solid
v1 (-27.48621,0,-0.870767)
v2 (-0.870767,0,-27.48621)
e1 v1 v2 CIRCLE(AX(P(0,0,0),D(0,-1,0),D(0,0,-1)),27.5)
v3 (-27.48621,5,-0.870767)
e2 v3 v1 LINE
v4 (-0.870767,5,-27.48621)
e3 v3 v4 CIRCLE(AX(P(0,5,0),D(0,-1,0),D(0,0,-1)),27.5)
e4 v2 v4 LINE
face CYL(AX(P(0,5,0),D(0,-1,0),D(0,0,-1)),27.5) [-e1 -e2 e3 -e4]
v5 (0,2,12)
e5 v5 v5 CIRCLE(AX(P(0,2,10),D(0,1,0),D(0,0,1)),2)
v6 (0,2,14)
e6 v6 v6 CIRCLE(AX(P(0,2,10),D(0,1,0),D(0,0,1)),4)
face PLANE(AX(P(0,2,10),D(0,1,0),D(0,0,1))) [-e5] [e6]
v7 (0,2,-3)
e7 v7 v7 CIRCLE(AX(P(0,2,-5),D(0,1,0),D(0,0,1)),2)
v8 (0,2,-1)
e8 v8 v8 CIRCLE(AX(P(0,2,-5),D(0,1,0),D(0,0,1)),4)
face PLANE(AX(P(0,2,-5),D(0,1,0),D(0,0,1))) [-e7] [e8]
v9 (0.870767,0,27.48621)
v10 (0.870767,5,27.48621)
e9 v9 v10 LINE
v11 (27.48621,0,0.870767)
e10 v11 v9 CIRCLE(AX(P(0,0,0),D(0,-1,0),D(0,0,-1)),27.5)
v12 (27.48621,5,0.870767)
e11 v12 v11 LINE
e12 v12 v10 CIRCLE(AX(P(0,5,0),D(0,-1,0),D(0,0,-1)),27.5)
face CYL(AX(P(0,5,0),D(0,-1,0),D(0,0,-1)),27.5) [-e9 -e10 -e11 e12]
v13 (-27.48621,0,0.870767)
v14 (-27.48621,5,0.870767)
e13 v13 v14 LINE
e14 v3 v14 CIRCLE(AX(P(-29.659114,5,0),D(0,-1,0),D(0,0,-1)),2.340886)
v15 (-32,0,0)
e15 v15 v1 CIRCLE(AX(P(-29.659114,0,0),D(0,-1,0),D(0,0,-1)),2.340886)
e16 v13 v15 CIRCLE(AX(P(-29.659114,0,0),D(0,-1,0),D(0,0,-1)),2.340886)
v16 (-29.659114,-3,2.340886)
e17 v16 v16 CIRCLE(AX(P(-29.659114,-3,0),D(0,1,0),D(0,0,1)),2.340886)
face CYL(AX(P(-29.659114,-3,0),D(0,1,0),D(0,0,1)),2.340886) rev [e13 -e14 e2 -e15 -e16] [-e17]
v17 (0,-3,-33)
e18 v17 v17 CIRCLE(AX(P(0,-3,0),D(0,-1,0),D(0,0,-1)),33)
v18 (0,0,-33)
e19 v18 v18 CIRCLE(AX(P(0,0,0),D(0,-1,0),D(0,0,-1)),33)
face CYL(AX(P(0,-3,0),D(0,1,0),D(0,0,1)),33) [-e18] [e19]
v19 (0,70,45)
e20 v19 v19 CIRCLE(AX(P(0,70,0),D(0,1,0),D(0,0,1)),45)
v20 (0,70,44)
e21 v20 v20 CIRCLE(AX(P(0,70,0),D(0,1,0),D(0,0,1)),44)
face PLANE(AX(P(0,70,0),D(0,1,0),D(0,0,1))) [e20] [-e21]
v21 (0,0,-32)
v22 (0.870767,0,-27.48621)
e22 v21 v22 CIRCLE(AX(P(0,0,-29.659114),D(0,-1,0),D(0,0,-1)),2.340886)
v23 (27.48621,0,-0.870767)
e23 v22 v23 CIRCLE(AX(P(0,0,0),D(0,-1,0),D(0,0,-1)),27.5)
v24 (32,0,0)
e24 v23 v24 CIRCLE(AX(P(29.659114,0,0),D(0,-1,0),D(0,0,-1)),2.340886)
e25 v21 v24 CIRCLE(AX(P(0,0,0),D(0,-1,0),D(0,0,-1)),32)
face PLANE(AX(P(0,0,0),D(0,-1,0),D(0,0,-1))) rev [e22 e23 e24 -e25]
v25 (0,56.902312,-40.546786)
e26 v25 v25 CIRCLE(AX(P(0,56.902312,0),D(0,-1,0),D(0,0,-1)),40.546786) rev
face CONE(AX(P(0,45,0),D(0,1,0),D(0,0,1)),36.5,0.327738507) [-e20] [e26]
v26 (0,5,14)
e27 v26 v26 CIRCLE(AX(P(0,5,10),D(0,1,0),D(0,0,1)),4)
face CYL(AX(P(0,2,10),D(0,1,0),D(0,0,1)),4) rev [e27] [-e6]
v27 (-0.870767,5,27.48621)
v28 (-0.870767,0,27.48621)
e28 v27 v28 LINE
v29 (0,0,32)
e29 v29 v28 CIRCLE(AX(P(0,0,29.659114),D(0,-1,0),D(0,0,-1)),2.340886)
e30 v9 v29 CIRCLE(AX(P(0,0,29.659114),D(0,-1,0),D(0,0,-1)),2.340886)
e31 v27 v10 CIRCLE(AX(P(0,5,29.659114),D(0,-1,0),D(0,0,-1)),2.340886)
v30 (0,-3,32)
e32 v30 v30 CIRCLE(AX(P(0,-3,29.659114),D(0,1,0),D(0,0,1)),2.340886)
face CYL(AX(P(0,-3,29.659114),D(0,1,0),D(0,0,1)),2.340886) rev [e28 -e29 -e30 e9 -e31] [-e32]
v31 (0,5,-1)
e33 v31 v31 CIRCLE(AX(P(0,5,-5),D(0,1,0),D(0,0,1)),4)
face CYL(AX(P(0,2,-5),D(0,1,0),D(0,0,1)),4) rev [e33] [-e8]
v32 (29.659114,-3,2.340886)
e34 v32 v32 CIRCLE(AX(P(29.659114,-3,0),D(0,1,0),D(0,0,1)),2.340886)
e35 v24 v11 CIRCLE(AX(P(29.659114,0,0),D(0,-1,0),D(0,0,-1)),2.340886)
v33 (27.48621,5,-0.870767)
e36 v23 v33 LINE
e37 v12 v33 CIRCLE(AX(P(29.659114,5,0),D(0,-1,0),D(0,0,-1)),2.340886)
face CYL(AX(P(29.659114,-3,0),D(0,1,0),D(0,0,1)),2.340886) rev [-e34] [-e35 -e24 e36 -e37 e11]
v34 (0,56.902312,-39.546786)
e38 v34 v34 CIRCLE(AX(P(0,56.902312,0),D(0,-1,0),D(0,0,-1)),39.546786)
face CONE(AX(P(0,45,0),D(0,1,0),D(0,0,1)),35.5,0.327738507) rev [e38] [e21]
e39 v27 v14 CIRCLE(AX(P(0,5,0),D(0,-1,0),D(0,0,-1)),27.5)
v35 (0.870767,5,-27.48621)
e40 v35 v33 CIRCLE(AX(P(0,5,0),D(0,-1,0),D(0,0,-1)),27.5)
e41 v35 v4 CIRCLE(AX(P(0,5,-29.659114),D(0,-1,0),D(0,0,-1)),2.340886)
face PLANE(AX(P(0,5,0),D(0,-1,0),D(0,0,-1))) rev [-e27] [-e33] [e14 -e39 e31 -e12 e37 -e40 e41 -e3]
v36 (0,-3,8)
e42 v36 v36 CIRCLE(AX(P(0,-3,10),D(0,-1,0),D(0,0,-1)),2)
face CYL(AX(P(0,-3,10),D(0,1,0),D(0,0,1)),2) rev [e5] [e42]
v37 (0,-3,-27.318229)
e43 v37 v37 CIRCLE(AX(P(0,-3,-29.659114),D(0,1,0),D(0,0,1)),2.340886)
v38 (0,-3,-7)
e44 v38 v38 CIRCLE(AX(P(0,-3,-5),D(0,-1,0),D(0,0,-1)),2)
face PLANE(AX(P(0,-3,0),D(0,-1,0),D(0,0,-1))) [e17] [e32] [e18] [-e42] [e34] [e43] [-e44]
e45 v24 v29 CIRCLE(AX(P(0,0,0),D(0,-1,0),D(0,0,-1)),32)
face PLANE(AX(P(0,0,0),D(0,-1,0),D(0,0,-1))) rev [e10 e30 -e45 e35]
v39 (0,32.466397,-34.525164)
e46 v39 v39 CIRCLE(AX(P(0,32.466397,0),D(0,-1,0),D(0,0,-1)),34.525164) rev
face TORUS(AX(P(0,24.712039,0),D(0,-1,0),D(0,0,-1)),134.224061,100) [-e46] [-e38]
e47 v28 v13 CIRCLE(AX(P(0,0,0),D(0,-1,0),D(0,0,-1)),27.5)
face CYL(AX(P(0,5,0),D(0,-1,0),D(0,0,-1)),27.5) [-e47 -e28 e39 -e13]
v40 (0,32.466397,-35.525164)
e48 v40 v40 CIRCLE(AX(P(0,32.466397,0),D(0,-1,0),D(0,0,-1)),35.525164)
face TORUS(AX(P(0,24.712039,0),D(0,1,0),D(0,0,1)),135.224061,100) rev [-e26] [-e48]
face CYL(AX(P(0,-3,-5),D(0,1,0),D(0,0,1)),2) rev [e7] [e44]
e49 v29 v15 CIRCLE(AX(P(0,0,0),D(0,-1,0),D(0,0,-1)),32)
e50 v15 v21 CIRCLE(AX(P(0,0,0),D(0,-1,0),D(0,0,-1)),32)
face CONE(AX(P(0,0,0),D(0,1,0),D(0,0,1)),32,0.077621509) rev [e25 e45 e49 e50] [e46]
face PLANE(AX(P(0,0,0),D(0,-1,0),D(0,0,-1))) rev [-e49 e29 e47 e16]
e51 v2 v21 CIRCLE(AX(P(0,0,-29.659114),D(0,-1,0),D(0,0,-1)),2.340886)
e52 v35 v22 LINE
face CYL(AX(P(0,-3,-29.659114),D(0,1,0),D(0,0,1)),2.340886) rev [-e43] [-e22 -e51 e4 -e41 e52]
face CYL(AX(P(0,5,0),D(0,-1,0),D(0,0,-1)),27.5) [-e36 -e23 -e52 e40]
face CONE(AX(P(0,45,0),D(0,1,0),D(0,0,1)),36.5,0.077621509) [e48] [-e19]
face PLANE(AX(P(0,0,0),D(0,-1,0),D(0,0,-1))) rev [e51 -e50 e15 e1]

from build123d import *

# Parameters (mm, degrees)
SKETCH4_R               = 33
SKETCH4_R_2             = 2
BOSS_EXTRUDE1_DEPTH     = 3
SKETCH8_R               = 36.5
SKETCH9_R               = 45
SKETCH8_3_R             = 35.5
SKETCH9_3_R             = 44
FILLET1_R               = 100
FILLET2_R               = 100
BOSS_EXTRUDE2_START     = 5
SKETCH10_R              = 27.5
SKETCH10_R_2            = 2
BOSS_EXTRUDE2_DEPTH     = 5
CUT_EXTRUDE1_DEPTH      = 95.604439811
CUT_EXTRUDE1_DEPTH_BACK = 95.604439811
SKETCH11_R              = 2.340885688
SKETCH12_R              = 4
CUT_EXTRUDE2_DEPTH      = 3


with BuildPart() as part:
    # Sketch2 → Revolve1 (revolve)
    with BuildSketch(Plane(origin=(0, 0, 0), x_dir=(0, 0, -1), z_dir=(1, 0, 0)), mode=Mode.PRIVATE) as revolve1_sk:
        Polygon((-32, 0), (-33, 0), (-36.5, 45), (-35.5, 45), align=None)
    revolve(revolve1_sk.sketch.rotate(Axis((0, 0, 0), (0, 1, 0)), 180), axis=Axis((0, 0, 0), (0, 1, 0)))

    # Sketch4 → Boss-Extrude1 (add)
    with BuildSketch(Plane.XZ):
        with Locations(Location((0, 0, 0), (0, 0, 270))):
            Circle(SKETCH4_R)
        with Locations(Location((0, 10, 0), (0, 0, 270))):
            Circle(SKETCH4_R_2, mode=Mode.SUBTRACT)
        with Locations(Location((0, -5, 0), (0, 0, 270))):
            Circle(SKETCH4_R_2, mode=Mode.SUBTRACT)
    extrude(amount=BOSS_EXTRUDE1_DEPTH)

    # Sketch8 → Loft1 section 0
    with BuildSketch(Plane(origin=(0, 45, 0), x_dir=(1, 0, 0), z_dir=(0, 1, 0))):
        Circle(SKETCH8_R)
    # Sketch9 → Loft1 section 1
    with BuildSketch(Plane(origin=(0, 70, 0), x_dir=(1, 0, 0), z_dir=(0, 1, 0))):
        Circle(SKETCH9_R)
    loft()

    # Sketch8<3> → Cut-Loft1 section 0
    with BuildSketch(Plane(origin=(0, 45, 0), x_dir=(1, 0, 0), z_dir=(0, 1, 0))):
        Circle(SKETCH8_3_R)
    # Sketch9<3> → Cut-Loft1 section 1
    with BuildSketch(Plane(origin=(0, 70, 0), x_dir=(1, 0, 0), z_dir=(0, 1, 0))):
        Circle(SKETCH9_3_R)
    loft(mode=Mode.SUBTRACT)

    # Fillet1
    fillet1_edges = [part.edges().sort_by_distance(p)[0] for p in [
        (-25.102290732, 45, 25.102290732),
    ]]
    fillet(fillet1_edges, radius=FILLET1_R)

    # Fillet2
    fillet2_edges = [part.edges().sort_by_distance(p)[0] for p in [
        (-25.809397513, 45, 25.809397513),
    ]]
    fillet(fillet2_edges, radius=FILLET2_R)

    # Sketch10 → Boss-Extrude2 (add)
    with BuildSketch(Plane(origin=(0, 0, 0), x_dir=(1, 0, 0), z_dir=(0, 1, 0)).offset(BOSS_EXTRUDE2_START)):
        with Locations(Location((0, 0, 0), (0, 0, 90))):
            Circle(SKETCH10_R)
        with Locations(Location((0, 5, 0), (0, 0, 90))):
            Circle(SKETCH10_R_2, mode=Mode.SUBTRACT)
        with Locations(Location((0, -10, 0), (0, 0, 90))):
            Circle(SKETCH10_R_2, mode=Mode.SUBTRACT)
    extrude(amount=-BOSS_EXTRUDE2_DEPTH)

    # Sketch11 → Cut-Extrude1 (cut, two sides: drawn at the far end of the back side and taken through both)
    with BuildSketch(Plane(origin=(0, 0, 0), x_dir=(1, 0, 0), z_dir=(0, 1, 0)).offset(-CUT_EXTRUDE1_DEPTH_BACK)):
        with Locations(Location((0, 29.659114312, 0), (0, 0, 270))):
            Circle(SKETCH11_R)
        with Locations(Location((29.659114312, 0, 0), (0, 0, 270))):
            Circle(SKETCH11_R)
        with Locations(Location((0, -29.659114312, 0), (0, 0, 270))):
            Circle(SKETCH11_R)
        with Locations(Location((-29.659114312, 0, 0), (0, 0, 270))):
            Circle(SKETCH11_R)
    extrude(amount=CUT_EXTRUDE1_DEPTH + CUT_EXTRUDE1_DEPTH_BACK, mode=Mode.SUBTRACT)

    # Sketch12 → Cut-Extrude2 (cut)
    with BuildSketch(Plane(origin=(0, 5, 0), x_dir=(1, 0, 0), z_dir=(0, 1, 0))):
        with Locations(Location((0, 5, 0), (0, 0, 270))):
            Circle(SKETCH12_R)
        with Locations(Location((0, -10, 0), (0, 0, 270))):
            Circle(SKETCH12_R)
    extrude(amount=-CUT_EXTRUDE2_DEPTH, mode=Mode.SUBTRACT)


solid = part.part
